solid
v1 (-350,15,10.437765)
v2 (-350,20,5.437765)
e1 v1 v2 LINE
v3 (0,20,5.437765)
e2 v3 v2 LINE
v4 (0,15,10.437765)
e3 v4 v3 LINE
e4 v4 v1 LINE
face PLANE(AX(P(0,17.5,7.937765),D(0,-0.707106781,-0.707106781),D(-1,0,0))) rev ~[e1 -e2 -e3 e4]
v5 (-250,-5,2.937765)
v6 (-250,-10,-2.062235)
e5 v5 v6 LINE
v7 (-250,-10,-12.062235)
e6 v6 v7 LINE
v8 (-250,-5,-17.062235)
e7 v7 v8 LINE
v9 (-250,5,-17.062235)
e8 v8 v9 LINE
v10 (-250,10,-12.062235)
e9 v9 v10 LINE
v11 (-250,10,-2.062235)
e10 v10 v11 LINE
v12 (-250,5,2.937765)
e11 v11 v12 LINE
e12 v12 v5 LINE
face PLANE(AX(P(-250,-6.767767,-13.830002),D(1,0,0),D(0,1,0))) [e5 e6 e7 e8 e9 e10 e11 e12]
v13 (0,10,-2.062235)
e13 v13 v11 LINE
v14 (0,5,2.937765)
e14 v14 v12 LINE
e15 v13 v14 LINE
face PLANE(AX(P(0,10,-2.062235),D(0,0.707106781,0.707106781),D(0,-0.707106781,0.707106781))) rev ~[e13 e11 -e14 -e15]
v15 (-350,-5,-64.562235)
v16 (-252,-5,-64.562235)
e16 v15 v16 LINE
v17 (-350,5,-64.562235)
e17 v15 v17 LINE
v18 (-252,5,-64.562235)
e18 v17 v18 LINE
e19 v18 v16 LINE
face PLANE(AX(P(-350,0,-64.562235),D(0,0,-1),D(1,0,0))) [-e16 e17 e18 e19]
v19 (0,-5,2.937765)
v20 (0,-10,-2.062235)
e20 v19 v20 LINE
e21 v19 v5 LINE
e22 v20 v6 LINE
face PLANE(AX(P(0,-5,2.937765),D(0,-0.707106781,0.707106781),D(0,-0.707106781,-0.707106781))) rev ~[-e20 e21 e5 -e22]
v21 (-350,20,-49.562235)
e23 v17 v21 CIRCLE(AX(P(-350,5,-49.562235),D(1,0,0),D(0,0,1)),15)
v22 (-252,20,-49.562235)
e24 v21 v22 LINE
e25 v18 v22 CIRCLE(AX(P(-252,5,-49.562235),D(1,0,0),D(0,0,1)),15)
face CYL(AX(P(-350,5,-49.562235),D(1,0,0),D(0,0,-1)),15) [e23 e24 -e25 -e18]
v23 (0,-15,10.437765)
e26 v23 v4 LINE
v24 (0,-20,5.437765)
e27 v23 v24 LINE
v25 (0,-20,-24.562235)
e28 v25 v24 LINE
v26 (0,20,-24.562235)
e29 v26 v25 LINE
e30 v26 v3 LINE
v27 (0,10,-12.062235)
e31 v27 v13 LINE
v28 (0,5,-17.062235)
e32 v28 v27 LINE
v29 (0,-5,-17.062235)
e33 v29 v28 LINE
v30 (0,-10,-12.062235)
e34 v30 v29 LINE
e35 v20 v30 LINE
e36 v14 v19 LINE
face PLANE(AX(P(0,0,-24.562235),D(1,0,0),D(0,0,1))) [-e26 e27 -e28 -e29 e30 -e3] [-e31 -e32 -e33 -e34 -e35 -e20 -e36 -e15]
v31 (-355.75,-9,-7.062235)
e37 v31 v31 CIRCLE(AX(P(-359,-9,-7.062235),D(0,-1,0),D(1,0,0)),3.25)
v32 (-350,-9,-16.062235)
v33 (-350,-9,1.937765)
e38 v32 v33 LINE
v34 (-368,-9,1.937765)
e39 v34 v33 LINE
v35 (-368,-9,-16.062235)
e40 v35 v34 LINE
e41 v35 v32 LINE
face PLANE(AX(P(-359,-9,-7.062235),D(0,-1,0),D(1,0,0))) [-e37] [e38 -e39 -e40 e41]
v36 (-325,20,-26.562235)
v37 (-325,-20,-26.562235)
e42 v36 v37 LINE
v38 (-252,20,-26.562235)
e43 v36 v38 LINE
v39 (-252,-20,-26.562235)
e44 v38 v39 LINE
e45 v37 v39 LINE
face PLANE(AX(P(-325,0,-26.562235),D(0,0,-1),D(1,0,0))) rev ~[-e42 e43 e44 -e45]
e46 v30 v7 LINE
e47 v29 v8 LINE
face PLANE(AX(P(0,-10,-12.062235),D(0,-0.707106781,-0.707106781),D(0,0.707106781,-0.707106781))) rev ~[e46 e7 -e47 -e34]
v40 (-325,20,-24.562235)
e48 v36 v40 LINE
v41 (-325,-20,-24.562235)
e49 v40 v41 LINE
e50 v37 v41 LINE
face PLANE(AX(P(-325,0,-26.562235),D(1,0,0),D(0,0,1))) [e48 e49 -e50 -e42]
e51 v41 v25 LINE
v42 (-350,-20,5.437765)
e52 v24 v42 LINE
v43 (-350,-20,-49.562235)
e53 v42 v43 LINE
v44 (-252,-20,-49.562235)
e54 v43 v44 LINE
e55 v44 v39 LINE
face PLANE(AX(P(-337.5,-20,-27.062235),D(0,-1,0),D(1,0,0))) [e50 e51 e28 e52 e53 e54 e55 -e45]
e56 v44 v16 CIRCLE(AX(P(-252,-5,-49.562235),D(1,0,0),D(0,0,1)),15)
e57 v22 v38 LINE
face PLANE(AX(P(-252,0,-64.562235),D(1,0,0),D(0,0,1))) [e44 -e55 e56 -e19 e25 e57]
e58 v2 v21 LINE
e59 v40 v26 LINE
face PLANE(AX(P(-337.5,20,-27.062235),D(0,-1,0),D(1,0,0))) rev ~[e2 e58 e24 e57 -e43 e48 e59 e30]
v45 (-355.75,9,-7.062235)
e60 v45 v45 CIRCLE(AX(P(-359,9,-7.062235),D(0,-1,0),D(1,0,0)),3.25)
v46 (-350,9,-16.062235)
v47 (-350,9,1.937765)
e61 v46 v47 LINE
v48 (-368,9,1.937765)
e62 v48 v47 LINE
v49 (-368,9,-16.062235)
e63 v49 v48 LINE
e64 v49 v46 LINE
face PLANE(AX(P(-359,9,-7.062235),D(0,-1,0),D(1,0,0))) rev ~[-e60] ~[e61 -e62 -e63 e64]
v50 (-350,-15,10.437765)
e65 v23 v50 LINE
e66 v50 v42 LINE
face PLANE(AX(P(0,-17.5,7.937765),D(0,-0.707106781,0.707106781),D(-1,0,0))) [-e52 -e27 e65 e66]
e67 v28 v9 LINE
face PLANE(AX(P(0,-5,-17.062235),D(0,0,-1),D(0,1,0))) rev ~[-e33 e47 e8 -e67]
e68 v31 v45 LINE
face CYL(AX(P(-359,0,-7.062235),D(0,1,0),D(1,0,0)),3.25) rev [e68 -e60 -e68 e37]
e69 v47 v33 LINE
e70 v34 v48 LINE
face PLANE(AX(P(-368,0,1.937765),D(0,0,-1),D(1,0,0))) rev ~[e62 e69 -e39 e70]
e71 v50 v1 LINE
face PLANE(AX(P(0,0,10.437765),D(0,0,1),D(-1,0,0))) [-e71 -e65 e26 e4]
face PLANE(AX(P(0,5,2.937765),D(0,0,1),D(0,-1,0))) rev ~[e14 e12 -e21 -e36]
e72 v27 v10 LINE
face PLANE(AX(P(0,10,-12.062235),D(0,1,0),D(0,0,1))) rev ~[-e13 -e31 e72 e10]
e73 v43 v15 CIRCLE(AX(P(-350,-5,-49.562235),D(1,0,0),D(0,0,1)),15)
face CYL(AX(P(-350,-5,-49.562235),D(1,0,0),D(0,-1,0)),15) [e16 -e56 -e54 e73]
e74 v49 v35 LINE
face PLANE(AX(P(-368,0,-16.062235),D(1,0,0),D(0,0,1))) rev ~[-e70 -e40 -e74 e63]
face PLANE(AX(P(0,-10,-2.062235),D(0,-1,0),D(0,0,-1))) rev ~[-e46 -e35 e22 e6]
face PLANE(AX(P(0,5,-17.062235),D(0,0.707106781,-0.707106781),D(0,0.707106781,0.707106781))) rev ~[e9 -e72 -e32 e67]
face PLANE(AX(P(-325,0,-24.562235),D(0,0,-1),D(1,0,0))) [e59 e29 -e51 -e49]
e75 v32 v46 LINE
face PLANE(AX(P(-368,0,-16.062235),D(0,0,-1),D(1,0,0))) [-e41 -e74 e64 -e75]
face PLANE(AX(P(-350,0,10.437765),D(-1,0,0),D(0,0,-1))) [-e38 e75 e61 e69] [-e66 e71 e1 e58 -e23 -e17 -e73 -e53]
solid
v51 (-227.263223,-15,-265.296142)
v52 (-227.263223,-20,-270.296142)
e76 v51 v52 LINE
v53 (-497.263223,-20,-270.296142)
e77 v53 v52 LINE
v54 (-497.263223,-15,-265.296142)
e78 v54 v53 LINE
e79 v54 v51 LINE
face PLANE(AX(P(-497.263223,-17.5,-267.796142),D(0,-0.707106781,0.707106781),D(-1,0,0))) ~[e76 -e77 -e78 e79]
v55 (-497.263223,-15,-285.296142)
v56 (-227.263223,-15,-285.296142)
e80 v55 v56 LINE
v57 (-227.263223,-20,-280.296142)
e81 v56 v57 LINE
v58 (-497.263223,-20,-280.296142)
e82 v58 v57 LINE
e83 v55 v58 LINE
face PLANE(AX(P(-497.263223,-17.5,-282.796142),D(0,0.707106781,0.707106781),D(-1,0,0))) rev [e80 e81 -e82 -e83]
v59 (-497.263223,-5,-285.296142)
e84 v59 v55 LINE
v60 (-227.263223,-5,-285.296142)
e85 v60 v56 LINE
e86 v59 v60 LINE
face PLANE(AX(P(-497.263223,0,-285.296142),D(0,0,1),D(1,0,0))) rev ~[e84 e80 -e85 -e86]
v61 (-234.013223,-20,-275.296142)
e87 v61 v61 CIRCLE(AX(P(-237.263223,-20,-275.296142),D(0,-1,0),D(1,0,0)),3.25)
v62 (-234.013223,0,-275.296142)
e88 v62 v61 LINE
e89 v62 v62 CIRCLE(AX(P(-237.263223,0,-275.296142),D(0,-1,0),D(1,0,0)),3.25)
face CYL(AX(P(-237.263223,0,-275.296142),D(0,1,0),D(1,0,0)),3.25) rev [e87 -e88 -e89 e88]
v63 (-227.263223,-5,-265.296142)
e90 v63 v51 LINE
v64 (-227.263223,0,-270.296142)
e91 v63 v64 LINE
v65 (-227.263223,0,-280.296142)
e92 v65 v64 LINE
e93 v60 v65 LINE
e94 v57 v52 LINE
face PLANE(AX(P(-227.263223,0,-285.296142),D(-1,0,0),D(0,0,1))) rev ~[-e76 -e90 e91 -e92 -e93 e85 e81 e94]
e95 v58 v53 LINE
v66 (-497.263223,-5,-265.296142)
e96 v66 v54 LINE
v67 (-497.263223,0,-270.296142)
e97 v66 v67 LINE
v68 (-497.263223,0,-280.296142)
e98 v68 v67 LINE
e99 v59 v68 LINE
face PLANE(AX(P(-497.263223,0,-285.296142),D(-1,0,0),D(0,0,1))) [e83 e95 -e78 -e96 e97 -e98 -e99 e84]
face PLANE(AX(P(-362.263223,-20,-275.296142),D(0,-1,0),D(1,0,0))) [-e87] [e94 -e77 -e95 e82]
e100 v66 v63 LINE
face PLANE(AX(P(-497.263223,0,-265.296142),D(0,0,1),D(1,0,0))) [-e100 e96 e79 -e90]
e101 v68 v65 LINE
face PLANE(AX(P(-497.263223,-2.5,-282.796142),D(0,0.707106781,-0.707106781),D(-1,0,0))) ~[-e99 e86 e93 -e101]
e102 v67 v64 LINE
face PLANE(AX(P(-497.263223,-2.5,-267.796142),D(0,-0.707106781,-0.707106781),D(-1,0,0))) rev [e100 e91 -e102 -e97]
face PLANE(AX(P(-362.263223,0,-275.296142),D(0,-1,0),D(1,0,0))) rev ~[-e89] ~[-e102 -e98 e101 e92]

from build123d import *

# Parameters (mm, degrees)
F0_W          = 18
F0_H          = 18
F0_R          = 3.25
F1_DEPTH      = 9
F1_DEPTH_BACK = 9
F0_W_2        = 325
F0_H_2        = 35
F0_W_3        = 73
F0_H_3        = 38
F2_DEPTH      = 20
F2_DEPTH_BACK = 20
F3_SIZE       = 5
F4_R          = 15
F6_DEPTH      = 250
F0_W_4        = 270
F0_H_4        = 20
F7_DEPTH      = 20
F8_SIZE       = 5


with BuildPart() as f1:
    # F0 (on Front) → F1 (new body, two sides)
    with BuildSketch(Plane.XZ) as f1_sk:
        with Locations((-359, -7.062235)):
            Rectangle(F0_W, F0_H)
        with Locations((-359, -7.062235)):
            Circle(F0_R, mode=Mode.SUBTRACT)
    extrude(amount=F1_DEPTH)
    extrude(f1_sk.sketch, amount=-F1_DEPTH_BACK)

    # F0 (on Front) → F2 (join, two sides)
    with BuildSketch(Plane.XZ) as f2_sk:
        Polygon((-350, 1.937765), (-350, -16.062235), (-350, -64.562235), (-325, -64.562235), (-325, -26.562235), (-325, -24.562235), (-325, 10.437765), (-350, 10.437765), align=None)
        with Locations((-162.5, -7.062235)):
            Rectangle(F0_W_2, F0_H_2)
        with Locations((-288.5, -45.562235)):
            Rectangle(F0_W_3, F0_H_3)
    extrude(amount=F2_DEPTH)
    extrude(f2_sk.sketch, amount=-F2_DEPTH_BACK)

    # F3
    f3_edges = [f1.edges().sort_by_distance(p)[0] for p in [
        (-175, 20, 10.437765),
        (-175, -20, 10.437765),
    ]]
    chamfer(f3_edges, length=F3_SIZE)

    # F4
    f4_edges = [f1.edges().sort_by_distance(p)[0] for p in [
        (-301, 20, -64.562235),
        (-301, -20, -64.562235),
    ]]
    fillet(f4_edges, radius=F4_R)

    # F5 (on face) → F6 (cut)
    with BuildSketch(Plane.YZ):
        Polygon((-10, -12.062235), (-5, -17.062235), (-5, -12.062235), align=None)
        Polygon((-5, -12.062235), (-5, -17.062235), (5, -17.062235), (5, -12.062235), (10, -12.062235), (10, -2.062235), (5, -2.062235), (5, 2.937765), (-5, 2.937765), (-5, -2.062235), (-10, -2.062235), (-10, -12.062235), align=None)
        Polygon((5, -12.062235), (5, -17.062235), (10, -12.062235), align=None)
        Polygon((5, -2.062235), (10, -2.062235), (5, 2.937765), align=None)
        Polygon((-5, 2.937765), (-10, -2.062235), (-5, -2.062235), align=None)
    extrude(amount=-F6_DEPTH, mode=Mode.SUBTRACT)


with BuildPart() as f7:
    # F0 (on Front) → F7 (new body)
    with BuildSketch(Plane.XZ):
        with Locations((-362.263223, -275.296142)):
            Rectangle(F0_W_4, F0_H_4)
        with Locations((-237.263223, -275.296142)):
            Circle(F0_R, mode=Mode.SUBTRACT)
    extrude(amount=F7_DEPTH)

    # F8
    f8_edges = [f7.edges().sort_by_distance(p)[0] for p in [
        (-362.263223, 0, -285.296142),
        (-362.263223, 0, -265.296142),
        (-362.263223, -20, -265.296142),
        (-362.263223, -20, -285.296142),
    ]]
    chamfer(f8_edges, length=F8_SIZE)


solid = Compound([f1.part, f7.part])
